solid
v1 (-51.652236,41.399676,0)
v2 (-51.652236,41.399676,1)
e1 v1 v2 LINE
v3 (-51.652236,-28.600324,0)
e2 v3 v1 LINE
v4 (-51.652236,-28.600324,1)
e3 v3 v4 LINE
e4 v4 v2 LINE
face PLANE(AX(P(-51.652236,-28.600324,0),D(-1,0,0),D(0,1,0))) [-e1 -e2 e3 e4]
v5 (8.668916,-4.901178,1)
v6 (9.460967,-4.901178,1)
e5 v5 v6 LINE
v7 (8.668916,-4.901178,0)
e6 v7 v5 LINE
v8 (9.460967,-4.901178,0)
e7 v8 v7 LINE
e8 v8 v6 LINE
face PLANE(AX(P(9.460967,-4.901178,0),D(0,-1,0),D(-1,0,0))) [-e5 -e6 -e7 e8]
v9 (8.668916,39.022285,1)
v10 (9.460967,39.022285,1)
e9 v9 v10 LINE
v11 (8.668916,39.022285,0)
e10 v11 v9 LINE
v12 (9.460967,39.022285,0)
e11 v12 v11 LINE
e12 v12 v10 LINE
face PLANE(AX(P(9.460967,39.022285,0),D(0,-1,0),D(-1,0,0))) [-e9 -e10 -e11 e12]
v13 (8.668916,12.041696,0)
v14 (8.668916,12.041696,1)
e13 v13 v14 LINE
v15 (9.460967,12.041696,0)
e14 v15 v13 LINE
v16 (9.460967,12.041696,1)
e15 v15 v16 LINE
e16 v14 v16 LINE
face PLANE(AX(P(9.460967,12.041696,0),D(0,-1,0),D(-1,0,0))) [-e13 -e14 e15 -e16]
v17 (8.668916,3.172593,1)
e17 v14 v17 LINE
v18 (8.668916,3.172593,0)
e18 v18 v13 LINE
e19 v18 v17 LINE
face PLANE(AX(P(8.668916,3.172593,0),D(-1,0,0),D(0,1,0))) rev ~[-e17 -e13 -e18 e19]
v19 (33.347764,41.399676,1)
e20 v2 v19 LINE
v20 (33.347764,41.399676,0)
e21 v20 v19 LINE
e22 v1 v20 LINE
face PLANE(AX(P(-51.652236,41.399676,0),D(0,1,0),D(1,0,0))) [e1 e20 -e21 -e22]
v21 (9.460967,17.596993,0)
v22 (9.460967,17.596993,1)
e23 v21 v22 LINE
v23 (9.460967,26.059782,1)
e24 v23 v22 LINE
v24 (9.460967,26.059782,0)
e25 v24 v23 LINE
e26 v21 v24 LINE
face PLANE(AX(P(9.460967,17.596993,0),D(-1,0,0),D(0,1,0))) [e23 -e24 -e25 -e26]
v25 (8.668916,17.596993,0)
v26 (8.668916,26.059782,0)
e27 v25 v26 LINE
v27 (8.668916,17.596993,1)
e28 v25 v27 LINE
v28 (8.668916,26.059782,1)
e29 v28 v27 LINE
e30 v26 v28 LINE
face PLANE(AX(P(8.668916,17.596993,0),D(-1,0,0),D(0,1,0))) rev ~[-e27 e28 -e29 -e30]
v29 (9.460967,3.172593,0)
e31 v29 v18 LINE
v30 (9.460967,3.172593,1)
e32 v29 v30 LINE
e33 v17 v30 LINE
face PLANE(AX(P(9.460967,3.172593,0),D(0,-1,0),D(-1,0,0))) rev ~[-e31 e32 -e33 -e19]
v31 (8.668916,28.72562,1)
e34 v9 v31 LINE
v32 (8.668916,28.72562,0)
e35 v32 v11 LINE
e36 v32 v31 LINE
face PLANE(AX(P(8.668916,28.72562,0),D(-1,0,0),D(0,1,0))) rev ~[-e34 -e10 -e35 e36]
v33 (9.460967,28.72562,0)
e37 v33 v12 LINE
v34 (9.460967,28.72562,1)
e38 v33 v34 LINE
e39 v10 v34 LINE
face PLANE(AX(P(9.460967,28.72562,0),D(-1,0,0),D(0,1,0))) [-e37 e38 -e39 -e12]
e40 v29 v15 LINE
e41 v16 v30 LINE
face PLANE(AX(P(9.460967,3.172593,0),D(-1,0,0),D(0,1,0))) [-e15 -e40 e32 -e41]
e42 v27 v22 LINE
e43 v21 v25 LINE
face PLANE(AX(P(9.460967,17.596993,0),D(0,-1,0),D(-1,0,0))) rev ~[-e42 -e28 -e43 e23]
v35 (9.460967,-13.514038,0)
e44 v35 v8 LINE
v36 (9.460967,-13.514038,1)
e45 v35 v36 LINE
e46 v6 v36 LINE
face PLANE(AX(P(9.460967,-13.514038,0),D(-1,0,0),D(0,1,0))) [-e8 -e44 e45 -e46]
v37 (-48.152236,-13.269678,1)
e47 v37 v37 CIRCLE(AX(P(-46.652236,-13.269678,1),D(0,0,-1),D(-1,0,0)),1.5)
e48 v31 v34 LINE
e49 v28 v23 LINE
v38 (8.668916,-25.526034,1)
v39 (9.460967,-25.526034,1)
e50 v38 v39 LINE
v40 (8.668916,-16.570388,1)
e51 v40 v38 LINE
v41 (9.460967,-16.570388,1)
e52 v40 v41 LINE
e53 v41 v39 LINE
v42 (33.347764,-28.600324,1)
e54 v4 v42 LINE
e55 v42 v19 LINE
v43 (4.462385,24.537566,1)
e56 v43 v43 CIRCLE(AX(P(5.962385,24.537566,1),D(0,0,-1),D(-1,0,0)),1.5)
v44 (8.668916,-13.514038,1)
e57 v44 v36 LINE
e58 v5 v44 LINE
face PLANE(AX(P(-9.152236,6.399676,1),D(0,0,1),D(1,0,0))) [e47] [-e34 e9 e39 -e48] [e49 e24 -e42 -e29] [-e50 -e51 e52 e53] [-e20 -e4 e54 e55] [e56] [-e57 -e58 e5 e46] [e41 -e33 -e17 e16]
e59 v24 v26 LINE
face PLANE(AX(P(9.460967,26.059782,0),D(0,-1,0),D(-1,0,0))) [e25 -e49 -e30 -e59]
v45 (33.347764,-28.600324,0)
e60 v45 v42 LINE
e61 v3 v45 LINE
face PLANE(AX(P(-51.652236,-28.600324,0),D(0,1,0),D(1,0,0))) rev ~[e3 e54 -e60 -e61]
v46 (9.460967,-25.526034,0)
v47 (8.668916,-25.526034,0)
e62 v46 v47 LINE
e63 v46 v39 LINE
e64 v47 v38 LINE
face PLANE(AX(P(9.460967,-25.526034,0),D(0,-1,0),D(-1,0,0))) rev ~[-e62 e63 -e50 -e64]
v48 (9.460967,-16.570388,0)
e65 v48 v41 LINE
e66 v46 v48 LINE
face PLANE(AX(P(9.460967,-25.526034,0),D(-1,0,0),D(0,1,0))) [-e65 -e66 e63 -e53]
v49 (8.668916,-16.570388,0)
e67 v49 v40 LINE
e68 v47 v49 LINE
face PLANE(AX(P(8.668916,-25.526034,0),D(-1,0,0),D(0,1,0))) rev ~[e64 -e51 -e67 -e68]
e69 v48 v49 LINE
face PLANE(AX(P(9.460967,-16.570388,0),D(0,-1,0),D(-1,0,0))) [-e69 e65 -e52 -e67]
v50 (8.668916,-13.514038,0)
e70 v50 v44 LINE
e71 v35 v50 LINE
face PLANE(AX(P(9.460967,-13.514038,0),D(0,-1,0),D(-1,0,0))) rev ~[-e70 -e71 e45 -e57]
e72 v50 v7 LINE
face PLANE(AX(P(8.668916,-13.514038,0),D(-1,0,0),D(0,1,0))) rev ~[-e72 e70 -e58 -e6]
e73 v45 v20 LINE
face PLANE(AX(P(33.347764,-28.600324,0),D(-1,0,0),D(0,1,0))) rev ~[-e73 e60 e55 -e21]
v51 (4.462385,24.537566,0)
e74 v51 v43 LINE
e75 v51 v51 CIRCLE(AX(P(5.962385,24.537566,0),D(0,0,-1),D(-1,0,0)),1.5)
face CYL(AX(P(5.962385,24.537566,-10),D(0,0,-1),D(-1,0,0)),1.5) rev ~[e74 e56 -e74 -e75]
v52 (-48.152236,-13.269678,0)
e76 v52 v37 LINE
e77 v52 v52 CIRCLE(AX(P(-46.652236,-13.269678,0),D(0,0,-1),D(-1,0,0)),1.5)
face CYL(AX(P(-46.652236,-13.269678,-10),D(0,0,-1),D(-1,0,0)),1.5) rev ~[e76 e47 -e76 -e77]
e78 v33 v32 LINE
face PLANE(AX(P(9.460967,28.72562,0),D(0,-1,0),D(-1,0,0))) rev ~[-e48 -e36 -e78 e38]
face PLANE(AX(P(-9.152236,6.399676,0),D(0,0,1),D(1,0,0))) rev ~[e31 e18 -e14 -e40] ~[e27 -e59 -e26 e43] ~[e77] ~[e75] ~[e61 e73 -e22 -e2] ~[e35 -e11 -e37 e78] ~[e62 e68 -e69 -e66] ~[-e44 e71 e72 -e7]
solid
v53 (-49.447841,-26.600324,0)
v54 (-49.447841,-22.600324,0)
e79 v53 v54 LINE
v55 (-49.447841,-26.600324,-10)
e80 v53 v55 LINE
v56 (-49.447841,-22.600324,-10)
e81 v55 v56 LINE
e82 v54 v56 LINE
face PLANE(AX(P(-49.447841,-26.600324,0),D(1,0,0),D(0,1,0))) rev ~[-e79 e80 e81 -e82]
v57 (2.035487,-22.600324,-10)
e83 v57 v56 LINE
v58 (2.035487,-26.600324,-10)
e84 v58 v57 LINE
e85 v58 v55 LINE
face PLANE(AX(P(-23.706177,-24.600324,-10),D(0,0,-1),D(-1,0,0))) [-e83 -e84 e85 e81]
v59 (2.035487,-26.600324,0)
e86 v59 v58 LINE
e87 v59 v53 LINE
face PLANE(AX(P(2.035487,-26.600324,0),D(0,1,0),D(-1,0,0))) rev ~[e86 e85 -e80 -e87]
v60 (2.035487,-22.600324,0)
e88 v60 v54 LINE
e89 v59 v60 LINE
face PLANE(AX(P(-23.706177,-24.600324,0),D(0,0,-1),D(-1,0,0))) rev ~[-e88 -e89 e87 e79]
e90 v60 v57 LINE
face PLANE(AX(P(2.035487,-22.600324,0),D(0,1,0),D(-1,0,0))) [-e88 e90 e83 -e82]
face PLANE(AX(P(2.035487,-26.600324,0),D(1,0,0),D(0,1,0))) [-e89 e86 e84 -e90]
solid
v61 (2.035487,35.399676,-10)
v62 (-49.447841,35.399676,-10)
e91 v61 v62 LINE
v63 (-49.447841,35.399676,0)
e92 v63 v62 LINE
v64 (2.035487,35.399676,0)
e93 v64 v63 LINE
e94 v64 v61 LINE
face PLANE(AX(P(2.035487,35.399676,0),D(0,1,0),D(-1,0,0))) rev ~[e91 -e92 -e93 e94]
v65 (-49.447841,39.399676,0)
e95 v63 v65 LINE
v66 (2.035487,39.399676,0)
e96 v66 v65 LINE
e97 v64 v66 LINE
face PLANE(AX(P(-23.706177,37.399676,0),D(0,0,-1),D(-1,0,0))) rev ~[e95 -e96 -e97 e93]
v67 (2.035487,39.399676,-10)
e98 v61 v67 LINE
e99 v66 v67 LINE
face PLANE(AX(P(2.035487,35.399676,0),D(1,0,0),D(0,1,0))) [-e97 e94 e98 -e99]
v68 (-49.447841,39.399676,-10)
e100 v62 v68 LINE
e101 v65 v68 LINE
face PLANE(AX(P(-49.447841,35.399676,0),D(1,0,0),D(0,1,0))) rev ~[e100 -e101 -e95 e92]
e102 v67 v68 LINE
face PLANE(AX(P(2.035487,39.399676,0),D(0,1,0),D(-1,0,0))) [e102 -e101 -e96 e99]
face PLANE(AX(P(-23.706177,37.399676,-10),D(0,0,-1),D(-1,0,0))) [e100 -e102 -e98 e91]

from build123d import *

# Parameters (mm, degrees)
SKETCH1_W             = 85
SKETCH1_H             = 70
BOSS_EXTRUDE1_DEPTH   = 1
SKETCH2_W             = 51.483328029
SKETCH2_H             = 4
BOSS_EXTRUDE2_DEPTH   = 10
BOSS_EXTRUDE2_2_DEPTH = 10
SKETCH3_W             = 0.7920512
SKETCH3_H             = 10.296665606
SKETCH3_H_2           = 8.462788072
SKETCH3_H_3           = 8.869103227
SKETCH3_H_4           = 8.612860113
SKETCH3_H_5           = 8.955645719
CUT_EXTRUDE1_DEPTH    = 10
SKETCH4_R             = 1.5
CUT_EXTRUDE3_DEPTH    = 33


with BuildPart() as part:
    # Sketch1 → Boss-Extrude1 (new body)
    with BuildSketch(Plane.XY):
        with Locations((-9.152236253, 6.399676375)):
            Rectangle(SKETCH1_W, SKETCH1_H)
    extrude(amount=BOSS_EXTRUDE1_DEPTH)

    # Sketch3 → Cut-Extrude1 (cut)
    with BuildSketch(Plane(origin=(0, 0, 0), x_dir=(-1, 0, 0), z_dir=(0, 0, -1))):
        with Locations((-9.064941357, 33.873952391)):
            Rectangle(SKETCH3_W, SKETCH3_H)
        with Locations((-9.064941357, 21.82838749)):
            Rectangle(SKETCH3_W, SKETCH3_H_2)
        with Locations((-9.064941357, 7.607144744)):
            Rectangle(SKETCH3_W, SKETCH3_H_3)
        with Locations((-9.064941357, -9.207607822)):
            Rectangle(SKETCH3_W, SKETCH3_H_4)
        with Locations((-9.064941357, -21.04821127)):
            Rectangle(SKETCH3_W, SKETCH3_H_5)
    extrude(amount=-CUT_EXTRUDE1_DEPTH, mode=Mode.SUBTRACT)

    # Sketch4 → Cut-Extrude3 (cut)
    with BuildSketch(Plane(origin=(0, 0, -10), x_dir=(-1, 0, 0), z_dir=(0, 0, -1))):
        with Locations((46.652236253, -13.269677869)):
            Circle(SKETCH4_R)
        with Locations((-5.962384938, 24.537566162)):
            Circle(SKETCH4_R)
    extrude(amount=-CUT_EXTRUDE3_DEPTH, mode=Mode.SUBTRACT)


with BuildPart() as body_2:
    # Sketch2 → Boss-Extrude2 (new body)
    with BuildSketch(Plane(origin=(0, 0, 0), x_dir=(-1, 0, 0), z_dir=(0, 0, -1))):
        with Locations((23.706177062, 37.399676375)):
            Rectangle(SKETCH2_W, SKETCH2_H)
    extrude(amount=BOSS_EXTRUDE2_DEPTH)


with BuildPart() as body_3:
    # Sketch2 → Boss-Extrude2 2 (new body)
    with BuildSketch(Plane(origin=(0, 0, 0), x_dir=(-1, 0, 0), z_dir=(0, 0, -1))):
        with Locations((23.706177062, -24.600323625)):
            Rectangle(SKETCH2_W, SKETCH2_H)
    extrude(amount=BOSS_EXTRUDE2_2_DEPTH)


solid = Compound([part.part, body_2.part, body_3.part])
